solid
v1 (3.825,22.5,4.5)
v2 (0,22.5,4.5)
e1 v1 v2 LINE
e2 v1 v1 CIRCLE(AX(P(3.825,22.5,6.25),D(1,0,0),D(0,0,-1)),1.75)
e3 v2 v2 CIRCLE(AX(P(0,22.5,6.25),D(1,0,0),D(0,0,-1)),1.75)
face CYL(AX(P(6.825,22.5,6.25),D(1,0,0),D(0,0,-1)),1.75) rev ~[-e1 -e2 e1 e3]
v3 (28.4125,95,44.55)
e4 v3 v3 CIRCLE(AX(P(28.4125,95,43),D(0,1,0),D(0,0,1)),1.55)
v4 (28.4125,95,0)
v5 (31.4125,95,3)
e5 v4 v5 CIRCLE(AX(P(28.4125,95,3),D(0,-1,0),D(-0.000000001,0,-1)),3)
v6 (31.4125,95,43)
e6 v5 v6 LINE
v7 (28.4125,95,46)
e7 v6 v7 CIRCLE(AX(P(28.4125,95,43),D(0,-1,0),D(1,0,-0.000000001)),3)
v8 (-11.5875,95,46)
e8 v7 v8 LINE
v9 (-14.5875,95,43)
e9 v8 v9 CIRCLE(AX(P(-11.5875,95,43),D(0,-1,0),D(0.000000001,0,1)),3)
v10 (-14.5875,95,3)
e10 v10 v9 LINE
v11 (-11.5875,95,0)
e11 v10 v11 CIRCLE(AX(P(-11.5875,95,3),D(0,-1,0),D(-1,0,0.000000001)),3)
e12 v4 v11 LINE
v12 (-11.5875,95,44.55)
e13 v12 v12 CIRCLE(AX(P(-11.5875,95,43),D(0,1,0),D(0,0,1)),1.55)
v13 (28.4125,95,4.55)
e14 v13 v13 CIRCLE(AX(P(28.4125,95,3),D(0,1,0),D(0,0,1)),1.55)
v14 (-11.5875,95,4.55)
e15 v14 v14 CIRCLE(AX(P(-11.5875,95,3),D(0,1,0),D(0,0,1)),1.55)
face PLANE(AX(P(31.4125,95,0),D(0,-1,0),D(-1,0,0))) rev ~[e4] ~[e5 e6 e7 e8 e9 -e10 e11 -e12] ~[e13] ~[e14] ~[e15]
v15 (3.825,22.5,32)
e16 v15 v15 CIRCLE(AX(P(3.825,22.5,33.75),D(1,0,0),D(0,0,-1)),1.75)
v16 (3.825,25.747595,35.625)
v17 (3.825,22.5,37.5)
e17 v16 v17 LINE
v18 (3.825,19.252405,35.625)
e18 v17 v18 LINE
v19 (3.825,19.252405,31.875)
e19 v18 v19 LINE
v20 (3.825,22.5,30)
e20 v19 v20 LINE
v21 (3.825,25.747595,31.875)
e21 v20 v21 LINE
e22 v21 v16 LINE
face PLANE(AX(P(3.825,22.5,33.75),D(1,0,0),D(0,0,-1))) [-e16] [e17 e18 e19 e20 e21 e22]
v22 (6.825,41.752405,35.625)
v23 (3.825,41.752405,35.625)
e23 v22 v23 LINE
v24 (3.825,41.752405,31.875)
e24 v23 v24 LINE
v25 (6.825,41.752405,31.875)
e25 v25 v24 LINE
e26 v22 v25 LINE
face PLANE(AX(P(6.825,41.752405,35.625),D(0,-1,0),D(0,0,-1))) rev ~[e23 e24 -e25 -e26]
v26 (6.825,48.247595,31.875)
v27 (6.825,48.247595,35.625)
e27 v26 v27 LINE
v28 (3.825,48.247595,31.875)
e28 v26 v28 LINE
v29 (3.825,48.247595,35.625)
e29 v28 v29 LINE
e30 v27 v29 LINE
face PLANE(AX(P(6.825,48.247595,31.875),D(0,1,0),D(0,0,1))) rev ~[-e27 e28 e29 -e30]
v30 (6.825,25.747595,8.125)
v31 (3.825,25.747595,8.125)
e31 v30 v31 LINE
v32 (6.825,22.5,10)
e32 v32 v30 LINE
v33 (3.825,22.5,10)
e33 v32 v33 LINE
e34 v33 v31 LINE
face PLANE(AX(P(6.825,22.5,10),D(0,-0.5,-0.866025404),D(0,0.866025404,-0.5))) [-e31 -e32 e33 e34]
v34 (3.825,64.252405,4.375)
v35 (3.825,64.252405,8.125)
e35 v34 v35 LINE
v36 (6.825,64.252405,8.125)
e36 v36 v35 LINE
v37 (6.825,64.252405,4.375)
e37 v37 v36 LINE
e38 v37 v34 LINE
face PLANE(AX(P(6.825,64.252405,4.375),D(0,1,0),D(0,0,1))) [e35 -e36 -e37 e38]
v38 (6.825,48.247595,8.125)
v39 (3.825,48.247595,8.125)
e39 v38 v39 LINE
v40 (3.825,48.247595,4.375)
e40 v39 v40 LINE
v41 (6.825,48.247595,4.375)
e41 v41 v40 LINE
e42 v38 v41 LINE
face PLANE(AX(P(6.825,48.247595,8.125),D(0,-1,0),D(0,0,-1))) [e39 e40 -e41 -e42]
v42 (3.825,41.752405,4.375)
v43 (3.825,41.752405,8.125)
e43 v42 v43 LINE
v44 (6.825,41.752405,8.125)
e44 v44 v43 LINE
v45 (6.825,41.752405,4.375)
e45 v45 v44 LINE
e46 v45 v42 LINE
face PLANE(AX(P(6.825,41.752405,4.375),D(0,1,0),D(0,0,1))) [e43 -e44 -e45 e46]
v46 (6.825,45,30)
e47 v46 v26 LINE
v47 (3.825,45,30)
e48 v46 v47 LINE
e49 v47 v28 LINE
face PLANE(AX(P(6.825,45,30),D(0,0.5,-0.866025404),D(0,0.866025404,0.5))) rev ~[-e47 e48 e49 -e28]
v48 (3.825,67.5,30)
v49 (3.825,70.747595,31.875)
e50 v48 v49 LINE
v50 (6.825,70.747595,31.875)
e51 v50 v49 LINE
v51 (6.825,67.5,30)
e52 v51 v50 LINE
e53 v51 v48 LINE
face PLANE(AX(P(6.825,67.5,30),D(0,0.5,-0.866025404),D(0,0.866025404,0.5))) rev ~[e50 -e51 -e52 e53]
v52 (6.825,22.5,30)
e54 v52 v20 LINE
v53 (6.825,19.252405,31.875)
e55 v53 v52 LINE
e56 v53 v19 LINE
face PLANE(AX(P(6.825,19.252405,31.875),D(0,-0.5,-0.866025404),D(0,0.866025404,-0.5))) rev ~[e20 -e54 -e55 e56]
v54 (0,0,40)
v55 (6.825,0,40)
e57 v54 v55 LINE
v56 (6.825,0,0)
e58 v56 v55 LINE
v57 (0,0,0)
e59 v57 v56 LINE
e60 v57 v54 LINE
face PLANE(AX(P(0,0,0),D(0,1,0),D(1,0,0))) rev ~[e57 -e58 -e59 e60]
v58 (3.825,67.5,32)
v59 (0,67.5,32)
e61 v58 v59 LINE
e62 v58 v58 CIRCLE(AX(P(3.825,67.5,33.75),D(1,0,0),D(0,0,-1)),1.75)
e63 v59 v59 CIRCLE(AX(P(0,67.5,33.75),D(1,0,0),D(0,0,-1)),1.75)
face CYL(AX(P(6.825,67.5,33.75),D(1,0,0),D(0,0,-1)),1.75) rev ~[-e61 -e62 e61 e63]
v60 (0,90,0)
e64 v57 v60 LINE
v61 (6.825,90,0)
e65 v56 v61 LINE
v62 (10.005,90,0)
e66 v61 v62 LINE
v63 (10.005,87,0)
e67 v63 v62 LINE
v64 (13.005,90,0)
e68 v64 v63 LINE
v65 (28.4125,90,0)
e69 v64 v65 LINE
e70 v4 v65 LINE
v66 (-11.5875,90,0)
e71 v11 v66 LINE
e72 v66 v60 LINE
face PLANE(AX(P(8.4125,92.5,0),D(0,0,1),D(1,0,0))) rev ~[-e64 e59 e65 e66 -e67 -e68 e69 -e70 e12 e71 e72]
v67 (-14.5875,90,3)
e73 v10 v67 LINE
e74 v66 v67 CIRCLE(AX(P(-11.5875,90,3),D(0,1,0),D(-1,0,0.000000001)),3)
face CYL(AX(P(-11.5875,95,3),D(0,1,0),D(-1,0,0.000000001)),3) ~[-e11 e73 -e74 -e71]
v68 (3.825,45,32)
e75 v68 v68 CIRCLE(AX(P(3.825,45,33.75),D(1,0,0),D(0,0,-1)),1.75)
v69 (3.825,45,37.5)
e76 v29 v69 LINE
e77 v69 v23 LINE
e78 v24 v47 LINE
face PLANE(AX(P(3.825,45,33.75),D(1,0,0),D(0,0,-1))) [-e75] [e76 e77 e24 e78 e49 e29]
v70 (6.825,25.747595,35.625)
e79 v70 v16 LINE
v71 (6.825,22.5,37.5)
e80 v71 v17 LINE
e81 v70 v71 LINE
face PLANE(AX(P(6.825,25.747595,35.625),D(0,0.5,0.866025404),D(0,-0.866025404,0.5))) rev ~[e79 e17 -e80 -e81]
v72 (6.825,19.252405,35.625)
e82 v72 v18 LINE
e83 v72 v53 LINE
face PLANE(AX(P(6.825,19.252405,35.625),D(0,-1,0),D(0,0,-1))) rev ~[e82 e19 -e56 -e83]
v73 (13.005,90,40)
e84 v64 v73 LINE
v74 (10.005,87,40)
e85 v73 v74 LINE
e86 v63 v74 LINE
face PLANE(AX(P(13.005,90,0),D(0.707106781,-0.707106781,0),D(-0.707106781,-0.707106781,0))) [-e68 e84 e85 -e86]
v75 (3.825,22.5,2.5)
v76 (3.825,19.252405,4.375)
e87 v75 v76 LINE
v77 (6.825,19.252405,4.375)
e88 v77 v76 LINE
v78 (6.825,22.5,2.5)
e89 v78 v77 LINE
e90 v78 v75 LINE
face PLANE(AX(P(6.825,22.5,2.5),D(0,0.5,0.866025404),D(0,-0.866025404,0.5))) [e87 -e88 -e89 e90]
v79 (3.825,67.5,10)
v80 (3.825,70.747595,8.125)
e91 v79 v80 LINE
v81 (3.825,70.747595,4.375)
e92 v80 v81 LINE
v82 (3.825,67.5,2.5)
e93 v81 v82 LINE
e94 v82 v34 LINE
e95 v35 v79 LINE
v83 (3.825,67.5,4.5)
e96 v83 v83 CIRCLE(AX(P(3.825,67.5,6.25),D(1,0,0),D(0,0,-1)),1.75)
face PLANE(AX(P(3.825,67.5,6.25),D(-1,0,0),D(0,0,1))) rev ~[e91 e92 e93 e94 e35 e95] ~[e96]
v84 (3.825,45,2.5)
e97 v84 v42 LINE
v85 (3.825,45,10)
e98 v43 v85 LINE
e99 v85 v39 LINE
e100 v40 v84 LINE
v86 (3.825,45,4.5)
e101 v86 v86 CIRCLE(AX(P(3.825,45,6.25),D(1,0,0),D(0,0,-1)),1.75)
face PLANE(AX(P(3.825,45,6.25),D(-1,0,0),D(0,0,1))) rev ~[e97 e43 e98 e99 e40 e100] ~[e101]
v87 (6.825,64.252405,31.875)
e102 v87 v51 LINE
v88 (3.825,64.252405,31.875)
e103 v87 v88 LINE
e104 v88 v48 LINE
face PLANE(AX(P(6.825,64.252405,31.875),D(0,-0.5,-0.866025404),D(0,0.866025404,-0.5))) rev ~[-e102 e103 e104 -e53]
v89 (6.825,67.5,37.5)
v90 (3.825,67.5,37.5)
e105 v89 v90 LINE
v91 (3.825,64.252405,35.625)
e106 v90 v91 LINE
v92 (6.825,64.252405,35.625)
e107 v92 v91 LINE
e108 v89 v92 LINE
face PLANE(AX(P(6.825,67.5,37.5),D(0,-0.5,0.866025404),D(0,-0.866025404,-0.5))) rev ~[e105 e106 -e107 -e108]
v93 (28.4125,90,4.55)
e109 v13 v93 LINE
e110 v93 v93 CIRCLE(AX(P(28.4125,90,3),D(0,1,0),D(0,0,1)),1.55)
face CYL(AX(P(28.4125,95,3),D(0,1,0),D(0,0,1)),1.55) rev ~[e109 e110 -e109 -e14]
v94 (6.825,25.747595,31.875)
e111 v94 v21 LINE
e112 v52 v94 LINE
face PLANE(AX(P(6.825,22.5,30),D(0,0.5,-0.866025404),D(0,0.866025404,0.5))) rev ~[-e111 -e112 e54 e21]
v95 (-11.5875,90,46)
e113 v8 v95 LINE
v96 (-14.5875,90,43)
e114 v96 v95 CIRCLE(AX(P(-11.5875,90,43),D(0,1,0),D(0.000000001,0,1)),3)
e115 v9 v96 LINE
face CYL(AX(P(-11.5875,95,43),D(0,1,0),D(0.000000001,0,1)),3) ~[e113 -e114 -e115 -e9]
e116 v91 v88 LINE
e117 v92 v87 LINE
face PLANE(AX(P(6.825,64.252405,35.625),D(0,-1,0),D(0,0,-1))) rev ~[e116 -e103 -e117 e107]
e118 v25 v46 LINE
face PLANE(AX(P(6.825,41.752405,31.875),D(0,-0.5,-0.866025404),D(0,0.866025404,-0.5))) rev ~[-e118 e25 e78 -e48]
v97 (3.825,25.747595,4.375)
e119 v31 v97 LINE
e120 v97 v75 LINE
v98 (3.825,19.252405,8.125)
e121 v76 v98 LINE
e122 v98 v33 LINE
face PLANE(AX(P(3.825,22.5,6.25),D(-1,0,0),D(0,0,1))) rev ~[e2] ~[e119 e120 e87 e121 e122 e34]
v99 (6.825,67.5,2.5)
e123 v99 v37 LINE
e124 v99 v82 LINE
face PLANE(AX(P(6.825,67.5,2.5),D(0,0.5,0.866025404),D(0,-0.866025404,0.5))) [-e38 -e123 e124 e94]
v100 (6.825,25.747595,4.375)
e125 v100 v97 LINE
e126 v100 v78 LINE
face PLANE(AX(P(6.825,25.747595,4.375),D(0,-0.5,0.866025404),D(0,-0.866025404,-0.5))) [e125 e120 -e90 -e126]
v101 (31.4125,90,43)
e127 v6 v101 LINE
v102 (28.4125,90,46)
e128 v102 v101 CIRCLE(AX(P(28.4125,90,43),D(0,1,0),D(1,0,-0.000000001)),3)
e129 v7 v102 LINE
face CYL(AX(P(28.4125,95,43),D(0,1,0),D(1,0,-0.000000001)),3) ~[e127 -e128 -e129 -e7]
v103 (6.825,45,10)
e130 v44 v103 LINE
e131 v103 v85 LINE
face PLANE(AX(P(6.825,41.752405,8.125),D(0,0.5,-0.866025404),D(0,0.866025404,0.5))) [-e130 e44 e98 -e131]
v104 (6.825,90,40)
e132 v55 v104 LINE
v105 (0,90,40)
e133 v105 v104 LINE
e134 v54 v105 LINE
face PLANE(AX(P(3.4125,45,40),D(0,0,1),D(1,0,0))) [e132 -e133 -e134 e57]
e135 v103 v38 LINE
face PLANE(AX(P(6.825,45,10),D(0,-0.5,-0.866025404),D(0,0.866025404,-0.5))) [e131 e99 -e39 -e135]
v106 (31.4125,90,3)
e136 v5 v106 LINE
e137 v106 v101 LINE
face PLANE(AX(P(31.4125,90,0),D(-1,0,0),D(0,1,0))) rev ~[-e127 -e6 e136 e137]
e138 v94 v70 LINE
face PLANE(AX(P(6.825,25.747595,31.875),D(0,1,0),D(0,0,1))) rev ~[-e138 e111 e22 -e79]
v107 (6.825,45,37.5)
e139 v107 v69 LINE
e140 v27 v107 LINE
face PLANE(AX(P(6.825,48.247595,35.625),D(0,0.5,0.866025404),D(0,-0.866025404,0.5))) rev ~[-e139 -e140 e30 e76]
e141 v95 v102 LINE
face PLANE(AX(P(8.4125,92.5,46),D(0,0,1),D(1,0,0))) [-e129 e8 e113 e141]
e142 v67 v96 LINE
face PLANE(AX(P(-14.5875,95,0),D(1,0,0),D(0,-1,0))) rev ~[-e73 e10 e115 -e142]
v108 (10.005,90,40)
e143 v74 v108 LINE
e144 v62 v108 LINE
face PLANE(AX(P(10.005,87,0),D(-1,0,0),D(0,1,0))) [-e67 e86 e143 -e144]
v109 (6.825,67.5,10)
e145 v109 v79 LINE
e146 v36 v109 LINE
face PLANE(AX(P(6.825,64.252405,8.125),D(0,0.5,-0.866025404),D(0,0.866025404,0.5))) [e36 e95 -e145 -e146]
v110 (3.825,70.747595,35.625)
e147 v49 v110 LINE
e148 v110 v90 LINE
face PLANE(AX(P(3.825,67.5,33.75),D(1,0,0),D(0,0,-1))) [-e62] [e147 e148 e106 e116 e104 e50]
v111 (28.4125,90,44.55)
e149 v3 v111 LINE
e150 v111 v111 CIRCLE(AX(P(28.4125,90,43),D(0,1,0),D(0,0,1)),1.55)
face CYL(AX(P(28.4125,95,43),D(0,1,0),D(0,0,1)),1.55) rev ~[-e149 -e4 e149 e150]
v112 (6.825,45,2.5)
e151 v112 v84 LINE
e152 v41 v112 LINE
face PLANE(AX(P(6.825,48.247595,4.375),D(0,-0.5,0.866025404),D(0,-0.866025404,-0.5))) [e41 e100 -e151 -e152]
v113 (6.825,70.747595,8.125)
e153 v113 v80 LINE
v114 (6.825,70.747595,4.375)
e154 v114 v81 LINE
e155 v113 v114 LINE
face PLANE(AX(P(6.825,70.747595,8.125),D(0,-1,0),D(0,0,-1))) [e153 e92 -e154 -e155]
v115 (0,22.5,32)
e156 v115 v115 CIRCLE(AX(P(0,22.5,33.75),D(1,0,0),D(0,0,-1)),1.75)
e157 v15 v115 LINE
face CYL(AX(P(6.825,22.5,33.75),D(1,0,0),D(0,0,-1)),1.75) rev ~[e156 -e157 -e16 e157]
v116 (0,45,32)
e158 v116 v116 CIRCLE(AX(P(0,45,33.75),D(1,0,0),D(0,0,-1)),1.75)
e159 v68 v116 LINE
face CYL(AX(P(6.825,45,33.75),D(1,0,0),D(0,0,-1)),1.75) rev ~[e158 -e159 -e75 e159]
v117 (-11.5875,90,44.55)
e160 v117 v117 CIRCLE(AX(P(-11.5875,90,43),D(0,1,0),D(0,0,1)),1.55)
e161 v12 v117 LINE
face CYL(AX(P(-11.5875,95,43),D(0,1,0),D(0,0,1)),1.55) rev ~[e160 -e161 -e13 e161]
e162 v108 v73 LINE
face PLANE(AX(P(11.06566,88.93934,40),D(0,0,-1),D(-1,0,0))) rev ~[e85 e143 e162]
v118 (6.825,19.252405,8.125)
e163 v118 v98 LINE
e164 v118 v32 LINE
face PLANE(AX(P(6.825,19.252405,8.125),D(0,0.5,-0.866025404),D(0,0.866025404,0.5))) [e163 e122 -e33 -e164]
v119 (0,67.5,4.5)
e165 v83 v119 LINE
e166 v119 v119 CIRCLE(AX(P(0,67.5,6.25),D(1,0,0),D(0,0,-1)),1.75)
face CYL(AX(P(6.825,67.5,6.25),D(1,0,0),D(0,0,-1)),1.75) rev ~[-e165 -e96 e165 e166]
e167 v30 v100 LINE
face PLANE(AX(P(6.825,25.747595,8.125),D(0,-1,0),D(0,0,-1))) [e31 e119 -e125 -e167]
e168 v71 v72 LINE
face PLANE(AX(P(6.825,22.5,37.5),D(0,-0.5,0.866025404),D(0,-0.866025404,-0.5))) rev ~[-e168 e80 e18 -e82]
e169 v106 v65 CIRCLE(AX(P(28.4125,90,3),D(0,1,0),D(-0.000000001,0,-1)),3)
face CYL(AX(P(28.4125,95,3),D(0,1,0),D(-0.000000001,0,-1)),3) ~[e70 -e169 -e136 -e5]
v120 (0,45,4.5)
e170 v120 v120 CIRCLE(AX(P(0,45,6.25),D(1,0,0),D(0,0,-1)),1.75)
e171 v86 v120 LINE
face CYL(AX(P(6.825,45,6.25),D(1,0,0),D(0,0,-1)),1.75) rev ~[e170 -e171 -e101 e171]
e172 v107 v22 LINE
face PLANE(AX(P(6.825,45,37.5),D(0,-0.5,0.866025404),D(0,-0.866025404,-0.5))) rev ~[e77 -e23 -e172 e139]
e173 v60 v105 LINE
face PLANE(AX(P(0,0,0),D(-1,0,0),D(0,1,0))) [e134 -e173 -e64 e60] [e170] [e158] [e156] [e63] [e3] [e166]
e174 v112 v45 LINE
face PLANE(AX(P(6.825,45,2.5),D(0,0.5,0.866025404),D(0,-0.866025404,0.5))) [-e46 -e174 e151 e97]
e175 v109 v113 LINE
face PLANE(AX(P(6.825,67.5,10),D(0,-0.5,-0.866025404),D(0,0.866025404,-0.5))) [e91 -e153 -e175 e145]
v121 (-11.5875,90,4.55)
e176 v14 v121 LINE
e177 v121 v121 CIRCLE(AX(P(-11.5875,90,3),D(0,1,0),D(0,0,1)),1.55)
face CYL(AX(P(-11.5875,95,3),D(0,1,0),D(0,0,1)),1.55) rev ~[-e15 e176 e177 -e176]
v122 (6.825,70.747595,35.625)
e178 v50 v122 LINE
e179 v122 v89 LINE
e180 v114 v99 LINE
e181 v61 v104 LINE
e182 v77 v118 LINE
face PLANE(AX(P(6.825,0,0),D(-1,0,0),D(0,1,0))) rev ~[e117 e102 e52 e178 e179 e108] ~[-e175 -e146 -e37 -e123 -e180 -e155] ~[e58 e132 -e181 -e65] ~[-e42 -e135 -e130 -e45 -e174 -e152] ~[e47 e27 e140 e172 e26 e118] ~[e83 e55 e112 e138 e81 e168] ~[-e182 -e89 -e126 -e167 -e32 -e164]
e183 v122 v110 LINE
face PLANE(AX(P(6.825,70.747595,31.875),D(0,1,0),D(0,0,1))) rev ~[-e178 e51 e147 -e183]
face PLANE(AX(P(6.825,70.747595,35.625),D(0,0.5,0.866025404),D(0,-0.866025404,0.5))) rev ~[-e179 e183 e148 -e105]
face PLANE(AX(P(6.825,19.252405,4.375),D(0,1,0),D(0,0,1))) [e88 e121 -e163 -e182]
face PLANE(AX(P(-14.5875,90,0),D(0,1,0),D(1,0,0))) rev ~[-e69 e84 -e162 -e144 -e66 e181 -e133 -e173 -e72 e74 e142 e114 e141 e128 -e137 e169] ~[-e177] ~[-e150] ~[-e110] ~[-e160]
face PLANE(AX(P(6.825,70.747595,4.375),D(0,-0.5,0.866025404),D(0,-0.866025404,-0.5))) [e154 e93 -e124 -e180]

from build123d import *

# Parameters (mm, degrees)
SLEEVE_OUTLINE_DEPTH = 46
SKETCH2_4_W          = 6.825
SKETCH2_4_H          = 90
BEAM_MOUNTING_DEPTH  = 40
SKETCH3_R            = 1.75
NUT_INSERTS_DEPTH    = 3
SKETCH3_4_R          = 1.75
SCREW_INSERTS_DEPTH  = 23
SKETCH4_R            = 1.55
BOARD_SHAPING_DEPTH  = 10


with BuildPart() as part:
    # Sketch2 → Sleeve_Outline (new body)
    with BuildSketch(Plane.XY):
        Polygon((-14.5875, 90), (0, 90), (6.825, 90), (10, 90), (10.005, 90), (13.005, 90), (31.4125, 90), (31.4125, 95), (-14.5875, 95), align=None)
    extrude(amount=SLEEVE_OUTLINE_DEPTH)

    # Sketch2<4> → Beam_Mounting (add)
    with BuildSketch(Plane.XY):
        with Locations((3.4125, 45)):
            Rectangle(SKETCH2_4_W, SKETCH2_4_H)
        Polygon((10.005, 90), (13.005, 90), (10.005, 87), align=None)
    extrude(amount=BEAM_MOUNTING_DEPTH)

    # Sketch3 → Nut_Inserts (cut)
    # profile 1 of 6: a face of its own
    with BuildSketch(Plane(origin=(6.825, 0, 0), x_dir=(0, 0, -1), z_dir=(1, 0, 0))):
        Polygon((-30, 45), (-31.875, 48.247595264), (-35.625, 48.247595264), (-37.5, 45), (-35.625, 41.752404736), (-31.875, 41.752404736), align=None)
        with Locations((-33.75, 45)):
            Circle(SKETCH3_R, mode=Mode.SUBTRACT)
    # profile 2 of 6: a face of its own
    with BuildSketch(Plane(origin=(6.825, 0, 0), x_dir=(0, 0, -1), z_dir=(1, 0, 0))):
        Polygon((-37.5, 22.5), (-35.625, 19.252404736), (-31.875, 19.252404736), (-30, 22.5), (-31.875, 25.747595264), (-35.625, 25.747595264), align=None)
        with Locations((-33.75, 22.5)):
            Circle(SKETCH3_R, mode=Mode.SUBTRACT)
    # profile 3 of 6: a face of its own
    with BuildSketch(Plane(origin=(6.825, 0, 0), x_dir=(0, 0, -1), z_dir=(1, 0, 0))):
        Polygon((-37.5, 67.5), (-35.625, 64.252404736), (-31.875, 64.252404736), (-30, 67.5), (-31.875, 70.747595264), (-35.625, 70.747595264), align=None)
        with Locations((-33.75, 67.5)):
            Circle(SKETCH3_R, mode=Mode.SUBTRACT)
    # profile 4 of 6: a face of its own
    with BuildSketch(Plane(origin=(6.825, 0, 0), x_dir=(0, 0, -1), z_dir=(1, 0, 0))):
        Polygon((-8.125, 70.747595264), (-4.375, 70.747595264), (-2.5, 67.5), (-4.375, 64.252404736), (-8.125, 64.252404736), (-10, 67.5), align=None)
        with Locations((-6.25, 67.5)):
            Circle(SKETCH3_R, mode=Mode.SUBTRACT)
    # profile 5 of 6: a face of its own
    with BuildSketch(Plane(origin=(6.825, 0, 0), x_dir=(0, 0, -1), z_dir=(1, 0, 0))):
        Polygon((-4.375, 48.247595264), (-2.5, 45), (-4.375, 41.752404736), (-8.125, 41.752404736), (-10, 45), (-8.125, 48.247595264), align=None)
        with Locations((-6.25, 45)):
            Circle(SKETCH3_R, mode=Mode.SUBTRACT)
    # profile 6 of 6: a face of its own
    with BuildSketch(Plane(origin=(6.825, 0, 0), x_dir=(0, 0, -1), z_dir=(1, 0, 0))):
        Polygon((-4.375, 25.747595264), (-2.5, 22.5), (-4.375, 19.252404736), (-8.125, 19.252404736), (-10, 22.5), (-8.125, 25.747595264), align=None)
        with Locations((-6.25, 22.5)):
            Circle(SKETCH3_R, mode=Mode.SUBTRACT)
    extrude(amount=-NUT_INSERTS_DEPTH, mode=Mode.SUBTRACT)

    # Sketch3<4> → Screw_Inserts (cut)
    with BuildSketch(Plane(origin=(6.825, 0, 0), x_dir=(0, 0, -1), z_dir=(1, 0, 0))):
        with Locations((-33.75, 67.5)):
            Circle(SKETCH3_4_R)
        with Locations((-33.75, 45)):
            Circle(SKETCH3_4_R)
        with Locations((-33.75, 22.5)):
            Circle(SKETCH3_4_R)
        with Locations((-6.25, 22.5)):
            Circle(SKETCH3_4_R)
        with Locations((-6.25, 45)):
            Circle(SKETCH3_4_R)
        with Locations((-6.25, 67.5)):
            Circle(SKETCH3_4_R)
    extrude(amount=-SCREW_INSERTS_DEPTH, mode=Mode.SUBTRACT)

    # Sketch4 → Board_Shaping (cut)
    with BuildSketch(Plane(origin=(0, 95, 0), x_dir=(1, 0, 0), z_dir=(0, 1, 0))):
        with BuildLine():
            ThreePointArc((-11.5875, -46), (-13.708820344, -45.121320344), (-14.5875, -43))
            Line((-14.5875, -43), (-14.5875, -46))
            Line((-14.5875, -46), (-11.5875, -46))
        make_face()
        with Locations(Location((-11.5875, -43, 0), (0, 0, 270))):
            Circle(SKETCH4_R)
        with Locations(Location((-11.5875, -3, 0), (0, 0, 270))):
            Circle(SKETCH4_R)
        with BuildLine():
            ThreePointArc((-14.5875, -3), (-13.708820344, -0.878679656), (-11.5875, 0))
            Line((-11.5875, 0), (-14.5875, 0))
            Line((-14.5875, 0), (-14.5875, -3))
        make_face()
        with BuildLine():
            Line((31.4125, 0), (28.4125, 0))
            ThreePointArc((28.4125, 0), (30.533820344, -0.878679656), (31.4125, -3))
            Line((31.4125, -3), (31.4125, 0))
        make_face()
        with Locations(Location((28.4125, -3, 0), (0, 0, 270))):
            Circle(SKETCH4_R)
        with Locations(Location((28.4125, -43, 0), (0, 0, 270))):
            Circle(SKETCH4_R)
        with BuildLine():
            Line((31.4125, -46), (31.4125, -43))
            ThreePointArc((31.4125, -43), (30.533820344, -45.121320344), (28.4125, -46))
            Line((28.4125, -46), (31.4125, -46))
        make_face()
    extrude(amount=-BOARD_SHAPING_DEPTH, mode=Mode.SUBTRACT)


solid = part.part
